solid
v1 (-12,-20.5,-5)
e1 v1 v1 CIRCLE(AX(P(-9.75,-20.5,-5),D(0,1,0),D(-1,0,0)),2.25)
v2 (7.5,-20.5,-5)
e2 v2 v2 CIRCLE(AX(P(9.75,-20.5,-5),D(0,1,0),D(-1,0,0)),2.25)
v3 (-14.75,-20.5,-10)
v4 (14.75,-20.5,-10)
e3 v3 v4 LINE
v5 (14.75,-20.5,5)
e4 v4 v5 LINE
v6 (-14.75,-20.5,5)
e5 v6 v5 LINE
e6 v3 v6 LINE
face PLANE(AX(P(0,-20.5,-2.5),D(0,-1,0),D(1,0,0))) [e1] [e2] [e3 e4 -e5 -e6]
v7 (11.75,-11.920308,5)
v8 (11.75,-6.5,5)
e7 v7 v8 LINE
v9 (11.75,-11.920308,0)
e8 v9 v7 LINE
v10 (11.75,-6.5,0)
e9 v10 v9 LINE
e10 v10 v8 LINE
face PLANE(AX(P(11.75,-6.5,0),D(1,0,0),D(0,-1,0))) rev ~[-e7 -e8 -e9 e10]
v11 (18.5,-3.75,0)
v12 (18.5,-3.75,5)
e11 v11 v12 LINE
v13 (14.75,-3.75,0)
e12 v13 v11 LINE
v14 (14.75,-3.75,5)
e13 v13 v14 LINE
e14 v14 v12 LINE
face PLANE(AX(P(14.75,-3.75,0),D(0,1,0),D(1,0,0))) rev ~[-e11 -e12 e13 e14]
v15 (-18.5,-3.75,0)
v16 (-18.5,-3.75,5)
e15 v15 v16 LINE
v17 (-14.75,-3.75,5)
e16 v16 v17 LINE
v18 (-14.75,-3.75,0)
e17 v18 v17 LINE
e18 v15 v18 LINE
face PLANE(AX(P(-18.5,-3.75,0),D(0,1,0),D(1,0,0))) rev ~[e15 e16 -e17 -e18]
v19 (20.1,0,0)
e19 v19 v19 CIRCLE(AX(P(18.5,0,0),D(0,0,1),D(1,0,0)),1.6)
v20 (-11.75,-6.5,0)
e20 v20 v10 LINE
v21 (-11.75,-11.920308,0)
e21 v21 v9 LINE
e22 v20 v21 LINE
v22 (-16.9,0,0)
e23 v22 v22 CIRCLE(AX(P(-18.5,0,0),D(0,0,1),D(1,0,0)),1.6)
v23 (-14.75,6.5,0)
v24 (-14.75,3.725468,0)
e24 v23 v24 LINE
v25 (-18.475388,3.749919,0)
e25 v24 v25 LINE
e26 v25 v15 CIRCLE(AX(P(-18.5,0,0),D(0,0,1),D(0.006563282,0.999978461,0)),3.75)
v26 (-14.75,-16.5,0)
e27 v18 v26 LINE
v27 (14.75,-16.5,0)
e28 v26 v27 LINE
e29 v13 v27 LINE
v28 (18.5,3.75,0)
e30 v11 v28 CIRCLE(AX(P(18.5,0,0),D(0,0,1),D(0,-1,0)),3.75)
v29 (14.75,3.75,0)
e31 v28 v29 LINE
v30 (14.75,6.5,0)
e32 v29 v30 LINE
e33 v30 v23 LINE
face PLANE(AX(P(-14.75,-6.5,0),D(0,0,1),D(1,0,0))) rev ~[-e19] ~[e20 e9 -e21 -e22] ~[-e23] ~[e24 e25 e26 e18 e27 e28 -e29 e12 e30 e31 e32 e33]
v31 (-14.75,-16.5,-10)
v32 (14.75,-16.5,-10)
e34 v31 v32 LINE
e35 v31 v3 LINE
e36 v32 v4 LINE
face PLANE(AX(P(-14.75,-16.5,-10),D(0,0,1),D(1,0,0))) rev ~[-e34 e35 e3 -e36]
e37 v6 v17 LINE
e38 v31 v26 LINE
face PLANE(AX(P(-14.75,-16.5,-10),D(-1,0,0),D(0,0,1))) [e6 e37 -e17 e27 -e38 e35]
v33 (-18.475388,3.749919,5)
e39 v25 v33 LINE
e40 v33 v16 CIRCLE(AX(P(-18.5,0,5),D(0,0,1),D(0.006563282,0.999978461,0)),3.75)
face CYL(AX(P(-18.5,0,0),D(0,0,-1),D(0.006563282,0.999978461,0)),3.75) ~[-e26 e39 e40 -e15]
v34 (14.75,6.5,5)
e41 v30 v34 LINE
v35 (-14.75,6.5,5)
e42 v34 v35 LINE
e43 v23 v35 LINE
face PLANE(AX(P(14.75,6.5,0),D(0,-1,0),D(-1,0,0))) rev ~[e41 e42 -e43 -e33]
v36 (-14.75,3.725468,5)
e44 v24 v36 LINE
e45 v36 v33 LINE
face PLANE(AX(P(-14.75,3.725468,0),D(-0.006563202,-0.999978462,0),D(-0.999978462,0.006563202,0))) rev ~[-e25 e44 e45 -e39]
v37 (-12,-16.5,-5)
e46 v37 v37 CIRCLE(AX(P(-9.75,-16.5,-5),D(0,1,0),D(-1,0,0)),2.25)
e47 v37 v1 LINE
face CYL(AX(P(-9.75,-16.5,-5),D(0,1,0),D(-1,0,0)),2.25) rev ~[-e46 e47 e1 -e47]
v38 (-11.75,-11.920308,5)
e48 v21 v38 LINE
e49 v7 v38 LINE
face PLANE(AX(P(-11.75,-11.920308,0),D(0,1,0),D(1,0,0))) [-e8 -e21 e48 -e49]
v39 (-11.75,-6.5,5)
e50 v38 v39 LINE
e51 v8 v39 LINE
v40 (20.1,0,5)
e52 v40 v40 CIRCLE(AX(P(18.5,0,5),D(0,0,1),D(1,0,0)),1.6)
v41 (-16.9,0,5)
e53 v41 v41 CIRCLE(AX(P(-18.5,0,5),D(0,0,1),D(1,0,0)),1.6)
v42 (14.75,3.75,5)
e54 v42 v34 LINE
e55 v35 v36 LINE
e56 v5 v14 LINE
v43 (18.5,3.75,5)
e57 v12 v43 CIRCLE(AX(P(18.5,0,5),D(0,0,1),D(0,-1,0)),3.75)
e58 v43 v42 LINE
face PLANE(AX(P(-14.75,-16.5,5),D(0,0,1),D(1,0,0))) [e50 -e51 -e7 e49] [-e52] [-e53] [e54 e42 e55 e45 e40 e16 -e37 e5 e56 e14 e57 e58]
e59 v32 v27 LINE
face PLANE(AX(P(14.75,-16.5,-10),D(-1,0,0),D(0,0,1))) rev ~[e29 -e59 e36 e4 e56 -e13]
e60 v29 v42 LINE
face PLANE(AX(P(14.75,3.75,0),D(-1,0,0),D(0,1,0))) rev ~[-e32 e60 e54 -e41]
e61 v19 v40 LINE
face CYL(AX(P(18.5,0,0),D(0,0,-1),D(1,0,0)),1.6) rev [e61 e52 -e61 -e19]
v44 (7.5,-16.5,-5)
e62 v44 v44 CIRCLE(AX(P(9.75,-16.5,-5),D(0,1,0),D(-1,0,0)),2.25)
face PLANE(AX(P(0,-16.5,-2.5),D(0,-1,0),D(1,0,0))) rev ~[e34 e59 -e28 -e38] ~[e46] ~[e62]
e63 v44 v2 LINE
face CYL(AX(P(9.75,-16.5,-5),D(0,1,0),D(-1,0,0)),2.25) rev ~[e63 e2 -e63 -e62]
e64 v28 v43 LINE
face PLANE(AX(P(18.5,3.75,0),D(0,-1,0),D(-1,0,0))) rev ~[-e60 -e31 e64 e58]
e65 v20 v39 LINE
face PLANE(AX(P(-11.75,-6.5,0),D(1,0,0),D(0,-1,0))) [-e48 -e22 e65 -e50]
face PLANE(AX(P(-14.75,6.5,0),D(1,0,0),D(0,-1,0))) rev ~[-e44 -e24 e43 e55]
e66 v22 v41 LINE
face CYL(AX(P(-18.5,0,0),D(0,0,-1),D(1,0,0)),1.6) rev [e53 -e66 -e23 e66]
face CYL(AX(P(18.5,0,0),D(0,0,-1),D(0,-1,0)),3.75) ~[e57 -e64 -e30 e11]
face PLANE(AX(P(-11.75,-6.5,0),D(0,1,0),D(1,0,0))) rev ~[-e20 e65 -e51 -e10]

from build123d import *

# Parameters (mm, degrees)
F0_R     = 1.6
F1_DEPTH = 5
F2_W     = 29.5
F2_H     = 5
F3_DEPTH = 10
F4_W     = 29.5
F4_H     = 15
F5_DEPTH = 4
F6_R     = 2.25
F7_DEPTH = 25
F8_W     = 23.5
F8_H     = 5.420308
F9_DEPTH = 25


with BuildPart() as f1:
    # F0 (on Top) → F1 (new body)
    with BuildSketch(Plane.XY):
        with BuildLine():
            Line((14.75, 6.5), (-14.75, 6.5))
            Line((-14.75, 6.5), (-14.75, 3.725468))
            Line((-14.75, 3.725468), (-14.75, -3.75))
            Line((-14.75, -3.75), (-14.75, -6.5))
            Line((-14.75, -6.5), (14.75, -6.5))
            Line((14.75, -6.5), (14.75, -3.75))
            Line((14.75, -3.75), (18.5, -3.75))
            ThreePointArc((18.5, -3.75), (22.25, 0), (18.5, 3.75))
            Line((18.5, 3.75), (14.75, 3.75))
            Line((14.75, 3.75), (14.75, 6.5))
        make_face()
        with Locations((18.5, 0)):
            Circle(F0_R, mode=Mode.SUBTRACT)
        with BuildLine():
            Line((-14.75, -3.75), (-14.75, 3.725468))
            Line((-14.75, 3.725468), (-18.475388, 3.749919))
            ThreePointArc((-18.475388, 3.749919), (-22.24998, 0.012306), (-18.5, -3.75))
            Line((-18.5, -3.75), (-14.75, -3.75))
        make_face()
        with Locations((-18.5, 0)):
            Circle(F0_R, mode=Mode.SUBTRACT)
    extrude(amount=F1_DEPTH)

    # F2 (on face) → F3 (join)
    with BuildSketch(Plane.XZ.offset(6.5)):
        with Locations((0, 2.5)):
            Rectangle(F2_W, F2_H)
    extrude(amount=F3_DEPTH)

    # F4 (on face) → F5 (join)
    with BuildSketch(Plane.XZ.offset(16.5)):
        with Locations((0, -2.5)):
            Rectangle(F4_W, F4_H)
    extrude(amount=F5_DEPTH)

    # F6 (on face) → F7 (cut)
    with BuildSketch(Plane(origin=(0, -16.5, 0), x_dir=(-1, 0, 0), z_dir=(0, 1, 0))):
        with Locations((-9.75, -5)):
            Circle(F6_R)
        with Locations((9.75, -5)):
            Circle(F6_R)
    extrude(amount=-F7_DEPTH, mode=Mode.SUBTRACT)

    # F8 (on face) → F9 (cut)
    with BuildSketch(Plane(origin=(0, 0, 0), x_dir=(1, 0, 0), z_dir=(0, 0, -1))):
        with Locations((0, 9.210154)):
            Rectangle(F8_W, F8_H)
    extrude(amount=-F9_DEPTH, mode=Mode.SUBTRACT)


solid = f1.part
